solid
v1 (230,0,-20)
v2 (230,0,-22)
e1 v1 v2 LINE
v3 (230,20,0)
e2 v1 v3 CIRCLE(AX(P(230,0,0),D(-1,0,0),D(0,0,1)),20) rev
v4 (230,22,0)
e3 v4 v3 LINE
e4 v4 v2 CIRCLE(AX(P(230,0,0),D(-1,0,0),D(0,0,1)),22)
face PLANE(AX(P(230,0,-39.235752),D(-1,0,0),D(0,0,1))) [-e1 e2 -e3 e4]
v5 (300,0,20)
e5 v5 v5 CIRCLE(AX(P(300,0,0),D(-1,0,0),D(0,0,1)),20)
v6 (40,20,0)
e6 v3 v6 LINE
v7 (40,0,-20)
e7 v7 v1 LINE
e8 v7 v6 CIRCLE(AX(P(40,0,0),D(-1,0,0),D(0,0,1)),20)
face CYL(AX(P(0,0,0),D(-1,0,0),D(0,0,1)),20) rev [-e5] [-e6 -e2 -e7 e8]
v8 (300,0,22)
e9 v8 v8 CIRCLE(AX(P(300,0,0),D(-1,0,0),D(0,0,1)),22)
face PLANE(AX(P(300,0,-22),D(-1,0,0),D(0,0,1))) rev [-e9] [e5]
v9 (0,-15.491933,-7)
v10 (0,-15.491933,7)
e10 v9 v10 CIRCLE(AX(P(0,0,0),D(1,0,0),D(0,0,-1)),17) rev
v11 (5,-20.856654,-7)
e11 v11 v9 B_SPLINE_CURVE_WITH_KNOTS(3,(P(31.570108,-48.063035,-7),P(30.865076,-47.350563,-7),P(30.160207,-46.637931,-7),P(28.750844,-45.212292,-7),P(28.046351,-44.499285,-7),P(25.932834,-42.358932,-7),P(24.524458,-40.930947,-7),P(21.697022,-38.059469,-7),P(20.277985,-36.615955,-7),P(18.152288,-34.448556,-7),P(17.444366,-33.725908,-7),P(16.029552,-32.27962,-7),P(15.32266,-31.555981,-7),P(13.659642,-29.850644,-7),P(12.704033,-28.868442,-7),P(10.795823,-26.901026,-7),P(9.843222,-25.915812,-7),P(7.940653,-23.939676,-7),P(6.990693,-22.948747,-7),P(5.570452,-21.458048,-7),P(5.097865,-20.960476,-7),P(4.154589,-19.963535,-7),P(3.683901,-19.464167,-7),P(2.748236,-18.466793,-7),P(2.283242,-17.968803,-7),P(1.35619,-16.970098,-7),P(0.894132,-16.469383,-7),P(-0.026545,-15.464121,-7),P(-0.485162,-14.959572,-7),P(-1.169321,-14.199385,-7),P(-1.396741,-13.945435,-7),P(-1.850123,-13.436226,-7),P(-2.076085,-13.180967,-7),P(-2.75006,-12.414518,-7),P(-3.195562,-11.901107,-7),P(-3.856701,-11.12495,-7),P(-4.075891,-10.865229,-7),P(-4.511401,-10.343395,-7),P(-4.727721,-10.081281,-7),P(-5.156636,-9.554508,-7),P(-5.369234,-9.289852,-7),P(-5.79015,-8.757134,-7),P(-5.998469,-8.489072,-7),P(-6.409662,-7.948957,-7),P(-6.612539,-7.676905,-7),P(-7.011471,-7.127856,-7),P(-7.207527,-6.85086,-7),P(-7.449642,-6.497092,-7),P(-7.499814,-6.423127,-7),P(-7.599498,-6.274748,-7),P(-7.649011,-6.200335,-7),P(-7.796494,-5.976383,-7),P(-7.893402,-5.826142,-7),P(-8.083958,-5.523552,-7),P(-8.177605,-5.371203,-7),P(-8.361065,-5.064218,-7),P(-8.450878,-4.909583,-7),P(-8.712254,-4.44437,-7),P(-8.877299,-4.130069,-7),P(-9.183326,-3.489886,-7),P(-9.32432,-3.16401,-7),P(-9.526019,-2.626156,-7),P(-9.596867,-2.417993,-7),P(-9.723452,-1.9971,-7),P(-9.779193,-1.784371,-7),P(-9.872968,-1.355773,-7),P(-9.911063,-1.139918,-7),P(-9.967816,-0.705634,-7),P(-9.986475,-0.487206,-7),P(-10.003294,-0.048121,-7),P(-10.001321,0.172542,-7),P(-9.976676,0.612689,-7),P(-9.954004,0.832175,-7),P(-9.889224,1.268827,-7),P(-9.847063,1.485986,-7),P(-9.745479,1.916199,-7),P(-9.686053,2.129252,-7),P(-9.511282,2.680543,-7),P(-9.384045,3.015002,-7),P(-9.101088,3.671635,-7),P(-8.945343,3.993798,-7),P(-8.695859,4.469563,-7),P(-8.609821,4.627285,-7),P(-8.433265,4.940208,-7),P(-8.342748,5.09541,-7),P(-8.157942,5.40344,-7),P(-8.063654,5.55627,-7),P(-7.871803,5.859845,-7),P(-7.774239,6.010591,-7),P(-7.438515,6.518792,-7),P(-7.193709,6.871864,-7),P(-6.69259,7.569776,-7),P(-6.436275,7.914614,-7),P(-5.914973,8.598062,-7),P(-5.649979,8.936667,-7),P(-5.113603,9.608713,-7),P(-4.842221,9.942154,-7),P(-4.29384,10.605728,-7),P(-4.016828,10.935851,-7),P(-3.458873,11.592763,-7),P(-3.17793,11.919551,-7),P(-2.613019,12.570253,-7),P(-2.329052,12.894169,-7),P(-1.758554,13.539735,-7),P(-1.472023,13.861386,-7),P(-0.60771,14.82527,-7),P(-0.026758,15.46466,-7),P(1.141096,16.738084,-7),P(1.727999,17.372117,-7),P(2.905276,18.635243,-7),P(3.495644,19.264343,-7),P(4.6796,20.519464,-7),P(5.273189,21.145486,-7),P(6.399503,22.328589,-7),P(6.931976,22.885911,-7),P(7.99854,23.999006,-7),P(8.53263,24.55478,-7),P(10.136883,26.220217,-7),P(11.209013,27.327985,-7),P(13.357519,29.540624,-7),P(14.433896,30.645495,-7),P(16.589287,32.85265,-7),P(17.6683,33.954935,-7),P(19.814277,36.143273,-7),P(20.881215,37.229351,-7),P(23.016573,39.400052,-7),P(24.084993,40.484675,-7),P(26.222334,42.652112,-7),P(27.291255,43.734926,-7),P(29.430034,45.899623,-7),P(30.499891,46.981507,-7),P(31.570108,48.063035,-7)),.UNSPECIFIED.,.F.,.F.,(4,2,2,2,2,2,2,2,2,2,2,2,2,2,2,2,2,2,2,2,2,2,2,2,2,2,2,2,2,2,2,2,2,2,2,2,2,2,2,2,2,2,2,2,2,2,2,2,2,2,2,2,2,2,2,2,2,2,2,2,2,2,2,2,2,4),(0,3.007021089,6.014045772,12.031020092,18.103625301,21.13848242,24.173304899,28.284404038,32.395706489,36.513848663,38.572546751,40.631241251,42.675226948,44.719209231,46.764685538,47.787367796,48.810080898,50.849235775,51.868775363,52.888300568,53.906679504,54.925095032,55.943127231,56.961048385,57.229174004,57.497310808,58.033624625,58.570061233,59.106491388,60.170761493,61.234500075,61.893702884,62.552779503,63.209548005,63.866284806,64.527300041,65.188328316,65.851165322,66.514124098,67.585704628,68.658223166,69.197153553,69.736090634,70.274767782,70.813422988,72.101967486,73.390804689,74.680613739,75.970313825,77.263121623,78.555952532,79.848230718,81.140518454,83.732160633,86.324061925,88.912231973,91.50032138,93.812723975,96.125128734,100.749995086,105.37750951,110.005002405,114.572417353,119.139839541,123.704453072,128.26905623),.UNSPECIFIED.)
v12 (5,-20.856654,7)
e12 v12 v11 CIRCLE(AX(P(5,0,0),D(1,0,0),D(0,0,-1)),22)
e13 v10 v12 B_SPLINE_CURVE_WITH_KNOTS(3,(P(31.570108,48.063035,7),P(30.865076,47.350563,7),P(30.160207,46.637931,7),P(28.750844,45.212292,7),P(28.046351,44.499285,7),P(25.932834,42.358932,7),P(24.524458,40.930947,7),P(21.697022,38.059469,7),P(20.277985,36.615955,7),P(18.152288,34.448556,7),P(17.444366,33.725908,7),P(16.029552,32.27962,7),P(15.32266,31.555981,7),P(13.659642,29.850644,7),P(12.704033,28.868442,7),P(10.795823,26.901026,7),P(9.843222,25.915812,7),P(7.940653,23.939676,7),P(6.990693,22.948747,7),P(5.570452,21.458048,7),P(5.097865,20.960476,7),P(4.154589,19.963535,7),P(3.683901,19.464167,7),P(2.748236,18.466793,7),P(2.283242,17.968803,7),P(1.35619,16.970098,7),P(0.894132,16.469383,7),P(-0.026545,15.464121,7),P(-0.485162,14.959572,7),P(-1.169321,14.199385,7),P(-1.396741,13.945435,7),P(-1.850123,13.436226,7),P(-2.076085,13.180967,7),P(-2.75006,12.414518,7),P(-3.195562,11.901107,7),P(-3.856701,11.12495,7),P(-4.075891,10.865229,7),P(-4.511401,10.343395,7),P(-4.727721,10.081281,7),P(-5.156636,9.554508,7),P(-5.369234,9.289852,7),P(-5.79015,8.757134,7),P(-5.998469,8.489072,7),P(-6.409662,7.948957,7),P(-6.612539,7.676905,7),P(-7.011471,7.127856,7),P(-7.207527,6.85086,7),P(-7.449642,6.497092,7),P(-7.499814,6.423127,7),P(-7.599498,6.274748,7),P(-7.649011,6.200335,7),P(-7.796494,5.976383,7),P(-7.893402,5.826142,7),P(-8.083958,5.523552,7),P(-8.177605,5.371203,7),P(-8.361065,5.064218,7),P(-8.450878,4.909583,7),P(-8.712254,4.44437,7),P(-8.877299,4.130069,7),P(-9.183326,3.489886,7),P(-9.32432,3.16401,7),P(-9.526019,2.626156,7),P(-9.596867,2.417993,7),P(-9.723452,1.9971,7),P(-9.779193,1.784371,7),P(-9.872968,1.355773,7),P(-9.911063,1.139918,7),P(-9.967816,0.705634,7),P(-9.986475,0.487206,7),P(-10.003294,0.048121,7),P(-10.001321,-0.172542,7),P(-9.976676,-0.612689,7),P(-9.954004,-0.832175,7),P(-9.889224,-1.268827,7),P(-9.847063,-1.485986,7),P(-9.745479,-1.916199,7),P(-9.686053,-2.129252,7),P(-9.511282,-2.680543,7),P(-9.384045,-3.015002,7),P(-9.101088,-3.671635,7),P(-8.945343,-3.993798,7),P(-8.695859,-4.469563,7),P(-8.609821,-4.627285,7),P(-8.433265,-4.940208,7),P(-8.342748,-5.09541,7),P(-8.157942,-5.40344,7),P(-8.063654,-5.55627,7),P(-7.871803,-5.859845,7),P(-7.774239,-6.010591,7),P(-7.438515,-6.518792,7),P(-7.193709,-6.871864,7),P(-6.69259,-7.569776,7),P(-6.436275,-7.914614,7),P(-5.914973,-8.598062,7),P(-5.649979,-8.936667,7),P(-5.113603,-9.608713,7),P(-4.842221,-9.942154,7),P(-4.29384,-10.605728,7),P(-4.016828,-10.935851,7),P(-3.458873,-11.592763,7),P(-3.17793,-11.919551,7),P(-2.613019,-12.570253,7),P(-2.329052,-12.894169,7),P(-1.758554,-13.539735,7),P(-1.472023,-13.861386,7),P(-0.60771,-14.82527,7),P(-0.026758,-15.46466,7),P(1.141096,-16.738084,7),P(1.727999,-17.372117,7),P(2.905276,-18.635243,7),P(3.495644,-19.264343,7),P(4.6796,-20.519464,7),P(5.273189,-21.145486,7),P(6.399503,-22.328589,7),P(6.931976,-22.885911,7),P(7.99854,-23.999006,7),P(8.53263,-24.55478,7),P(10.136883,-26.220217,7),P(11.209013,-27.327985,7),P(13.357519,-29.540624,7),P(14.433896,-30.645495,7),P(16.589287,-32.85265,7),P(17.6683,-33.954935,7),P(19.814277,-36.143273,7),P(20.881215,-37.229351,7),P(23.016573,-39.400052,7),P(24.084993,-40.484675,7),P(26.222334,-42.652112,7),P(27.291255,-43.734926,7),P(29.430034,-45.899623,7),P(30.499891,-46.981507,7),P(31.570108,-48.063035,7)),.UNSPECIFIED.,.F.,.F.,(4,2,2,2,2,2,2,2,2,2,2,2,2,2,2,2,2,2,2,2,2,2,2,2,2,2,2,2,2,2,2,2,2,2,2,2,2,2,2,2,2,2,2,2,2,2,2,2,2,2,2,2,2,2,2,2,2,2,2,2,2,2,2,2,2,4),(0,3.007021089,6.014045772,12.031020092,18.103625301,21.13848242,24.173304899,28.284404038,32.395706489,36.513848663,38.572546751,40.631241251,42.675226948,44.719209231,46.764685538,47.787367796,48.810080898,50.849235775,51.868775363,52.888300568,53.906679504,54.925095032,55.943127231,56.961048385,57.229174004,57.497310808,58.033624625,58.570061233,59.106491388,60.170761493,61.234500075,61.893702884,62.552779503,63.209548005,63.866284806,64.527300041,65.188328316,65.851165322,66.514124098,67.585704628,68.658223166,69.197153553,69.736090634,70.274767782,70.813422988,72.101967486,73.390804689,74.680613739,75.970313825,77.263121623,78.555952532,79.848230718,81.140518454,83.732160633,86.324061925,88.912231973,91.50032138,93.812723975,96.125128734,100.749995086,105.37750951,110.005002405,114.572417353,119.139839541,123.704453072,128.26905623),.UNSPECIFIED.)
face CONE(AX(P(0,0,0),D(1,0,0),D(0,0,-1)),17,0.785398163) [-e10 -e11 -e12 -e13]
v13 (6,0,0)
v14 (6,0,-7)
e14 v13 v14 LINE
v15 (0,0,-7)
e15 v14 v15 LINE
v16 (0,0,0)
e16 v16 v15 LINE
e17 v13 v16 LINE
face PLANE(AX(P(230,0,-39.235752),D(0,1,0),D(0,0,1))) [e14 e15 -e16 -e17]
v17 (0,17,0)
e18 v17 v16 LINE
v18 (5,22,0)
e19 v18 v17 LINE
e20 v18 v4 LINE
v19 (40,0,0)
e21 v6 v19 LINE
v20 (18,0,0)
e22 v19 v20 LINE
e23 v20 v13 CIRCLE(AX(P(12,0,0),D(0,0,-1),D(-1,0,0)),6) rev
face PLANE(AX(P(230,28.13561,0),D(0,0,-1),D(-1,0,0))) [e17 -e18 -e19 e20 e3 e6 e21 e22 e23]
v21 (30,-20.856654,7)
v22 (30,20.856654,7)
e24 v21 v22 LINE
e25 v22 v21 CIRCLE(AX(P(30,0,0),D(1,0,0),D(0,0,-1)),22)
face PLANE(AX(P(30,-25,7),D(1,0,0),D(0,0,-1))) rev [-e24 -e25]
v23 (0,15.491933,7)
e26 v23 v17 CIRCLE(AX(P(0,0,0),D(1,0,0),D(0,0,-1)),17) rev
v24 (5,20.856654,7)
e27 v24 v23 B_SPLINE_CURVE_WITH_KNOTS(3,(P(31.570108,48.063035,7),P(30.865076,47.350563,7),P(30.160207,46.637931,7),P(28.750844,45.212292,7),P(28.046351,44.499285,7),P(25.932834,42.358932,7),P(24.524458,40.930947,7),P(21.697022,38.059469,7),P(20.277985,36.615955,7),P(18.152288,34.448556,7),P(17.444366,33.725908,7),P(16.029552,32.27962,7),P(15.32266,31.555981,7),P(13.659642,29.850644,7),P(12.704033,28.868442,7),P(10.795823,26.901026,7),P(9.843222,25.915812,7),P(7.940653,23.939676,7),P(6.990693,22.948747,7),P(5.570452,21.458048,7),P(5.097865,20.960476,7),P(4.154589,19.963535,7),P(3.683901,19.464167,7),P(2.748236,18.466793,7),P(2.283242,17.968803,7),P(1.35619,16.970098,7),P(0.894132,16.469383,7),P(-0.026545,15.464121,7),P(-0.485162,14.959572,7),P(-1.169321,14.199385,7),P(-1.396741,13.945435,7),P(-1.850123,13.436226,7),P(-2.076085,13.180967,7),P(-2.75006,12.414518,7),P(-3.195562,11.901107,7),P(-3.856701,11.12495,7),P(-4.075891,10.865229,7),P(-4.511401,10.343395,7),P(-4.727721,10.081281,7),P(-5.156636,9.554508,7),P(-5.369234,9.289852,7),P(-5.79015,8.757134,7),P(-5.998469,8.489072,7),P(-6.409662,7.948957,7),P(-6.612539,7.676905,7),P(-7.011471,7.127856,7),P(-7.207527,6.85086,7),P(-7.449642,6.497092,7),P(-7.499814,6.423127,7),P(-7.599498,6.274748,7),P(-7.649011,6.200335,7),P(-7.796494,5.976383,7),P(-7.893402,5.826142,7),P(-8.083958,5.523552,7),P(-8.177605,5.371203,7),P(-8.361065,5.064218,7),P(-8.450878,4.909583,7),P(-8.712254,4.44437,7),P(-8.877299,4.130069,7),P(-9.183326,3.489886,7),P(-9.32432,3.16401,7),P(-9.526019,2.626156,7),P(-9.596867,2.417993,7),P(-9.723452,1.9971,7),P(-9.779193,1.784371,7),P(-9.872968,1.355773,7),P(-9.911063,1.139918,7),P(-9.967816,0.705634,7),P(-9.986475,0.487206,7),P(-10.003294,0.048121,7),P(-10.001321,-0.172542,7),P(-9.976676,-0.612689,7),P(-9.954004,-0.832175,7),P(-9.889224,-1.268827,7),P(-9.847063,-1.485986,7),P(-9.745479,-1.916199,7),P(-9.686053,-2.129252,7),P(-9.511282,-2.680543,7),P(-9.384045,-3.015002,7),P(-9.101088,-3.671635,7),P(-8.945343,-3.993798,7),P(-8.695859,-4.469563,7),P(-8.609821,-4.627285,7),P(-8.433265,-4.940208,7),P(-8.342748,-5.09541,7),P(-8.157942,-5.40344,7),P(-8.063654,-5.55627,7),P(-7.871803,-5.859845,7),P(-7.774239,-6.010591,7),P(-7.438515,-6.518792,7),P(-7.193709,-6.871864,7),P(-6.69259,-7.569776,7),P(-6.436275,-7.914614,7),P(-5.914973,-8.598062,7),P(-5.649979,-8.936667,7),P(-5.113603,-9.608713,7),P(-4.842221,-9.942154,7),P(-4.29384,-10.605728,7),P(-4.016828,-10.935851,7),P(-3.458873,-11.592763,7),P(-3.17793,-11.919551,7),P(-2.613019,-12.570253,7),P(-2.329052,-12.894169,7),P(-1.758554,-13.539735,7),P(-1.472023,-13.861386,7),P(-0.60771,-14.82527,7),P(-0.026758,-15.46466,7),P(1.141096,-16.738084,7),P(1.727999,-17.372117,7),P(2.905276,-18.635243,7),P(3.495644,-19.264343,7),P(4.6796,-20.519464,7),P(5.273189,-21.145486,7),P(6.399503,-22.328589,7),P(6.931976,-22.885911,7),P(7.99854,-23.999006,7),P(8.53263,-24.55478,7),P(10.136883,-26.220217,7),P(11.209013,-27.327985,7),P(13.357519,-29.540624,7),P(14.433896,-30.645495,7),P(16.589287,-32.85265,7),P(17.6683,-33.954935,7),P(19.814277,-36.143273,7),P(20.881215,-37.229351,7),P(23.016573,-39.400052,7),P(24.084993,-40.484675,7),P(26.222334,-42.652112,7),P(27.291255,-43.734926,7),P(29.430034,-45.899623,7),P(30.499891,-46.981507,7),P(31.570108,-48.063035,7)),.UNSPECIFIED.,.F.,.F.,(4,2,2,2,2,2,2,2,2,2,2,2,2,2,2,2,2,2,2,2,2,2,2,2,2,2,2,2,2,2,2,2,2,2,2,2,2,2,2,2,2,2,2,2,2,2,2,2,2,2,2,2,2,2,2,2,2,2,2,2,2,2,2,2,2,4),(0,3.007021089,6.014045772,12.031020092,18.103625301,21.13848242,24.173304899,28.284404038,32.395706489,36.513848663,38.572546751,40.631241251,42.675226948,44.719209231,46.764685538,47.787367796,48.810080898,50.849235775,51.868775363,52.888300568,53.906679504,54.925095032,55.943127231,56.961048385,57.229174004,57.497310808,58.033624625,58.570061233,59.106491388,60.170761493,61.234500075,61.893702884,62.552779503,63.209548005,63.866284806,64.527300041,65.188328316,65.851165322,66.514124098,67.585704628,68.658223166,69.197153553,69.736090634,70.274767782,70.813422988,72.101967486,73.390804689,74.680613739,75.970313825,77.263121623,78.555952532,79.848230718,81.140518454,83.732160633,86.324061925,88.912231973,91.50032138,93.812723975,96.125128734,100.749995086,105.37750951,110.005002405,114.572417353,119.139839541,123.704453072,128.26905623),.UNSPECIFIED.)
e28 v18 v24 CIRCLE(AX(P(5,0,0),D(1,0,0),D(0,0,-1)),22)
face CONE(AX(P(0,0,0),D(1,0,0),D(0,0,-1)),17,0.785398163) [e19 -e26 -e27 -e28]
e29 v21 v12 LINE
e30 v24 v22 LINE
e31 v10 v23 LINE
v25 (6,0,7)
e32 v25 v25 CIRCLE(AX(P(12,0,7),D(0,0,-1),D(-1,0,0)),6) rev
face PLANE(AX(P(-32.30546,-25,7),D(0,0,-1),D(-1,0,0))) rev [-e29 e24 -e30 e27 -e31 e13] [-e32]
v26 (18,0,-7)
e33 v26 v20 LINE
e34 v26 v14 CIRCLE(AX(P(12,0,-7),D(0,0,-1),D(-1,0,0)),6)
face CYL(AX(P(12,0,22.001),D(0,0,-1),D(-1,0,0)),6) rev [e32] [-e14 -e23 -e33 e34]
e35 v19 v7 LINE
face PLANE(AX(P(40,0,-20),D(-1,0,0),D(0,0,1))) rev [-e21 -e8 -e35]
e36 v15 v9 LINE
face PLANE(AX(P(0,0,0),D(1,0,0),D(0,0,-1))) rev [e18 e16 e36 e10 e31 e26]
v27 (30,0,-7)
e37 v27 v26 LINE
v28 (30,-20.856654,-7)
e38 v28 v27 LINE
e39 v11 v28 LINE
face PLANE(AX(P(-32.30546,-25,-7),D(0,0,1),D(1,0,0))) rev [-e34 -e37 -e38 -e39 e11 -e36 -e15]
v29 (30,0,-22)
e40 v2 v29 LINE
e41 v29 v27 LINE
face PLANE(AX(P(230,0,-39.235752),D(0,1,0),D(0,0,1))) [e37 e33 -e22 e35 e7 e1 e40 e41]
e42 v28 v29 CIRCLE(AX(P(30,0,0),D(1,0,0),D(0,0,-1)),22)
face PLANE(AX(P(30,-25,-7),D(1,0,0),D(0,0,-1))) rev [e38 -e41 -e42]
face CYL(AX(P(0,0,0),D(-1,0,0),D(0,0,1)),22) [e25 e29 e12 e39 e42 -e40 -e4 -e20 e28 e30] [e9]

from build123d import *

# Parameters (mm, degrees)
CHANFREIN1_SIZE         = 5
ESQUISSE2_W             = 62.305459945
ESQUISSE2_H             = 30.289532294
ENL_V_MAT_EXTRU_1_DEPTH = 25
ENL_V_MAT_EXTRU_2_REACH = 304.2
ESQUISSE3_R             = 6
ESQUISSE4_W             = 39.235751697
ESQUISSE4_H             = 28.135609998
ENL_V_MAT_EXTRU_3_DEPTH = 230


with BuildPart() as part:
    # Esquisse1 → Révolution1 (revolve)
    with BuildSketch(Plane(origin=(0, 0, 0), x_dir=(1, 0, 0), z_dir=(0, 1, 0)), mode=Mode.PRIVATE) as r_volution1_sk:
        Polygon((0, 0), (0, 22), (300, 22), (300, 20), (40, 20), (40, 0), align=None)
    revolve(r_volution1_sk.sketch.rotate(Axis((0, 0, 0), (1, 0, 0)), 180), axis=Axis((0, 0, 0), (1, 0, 0)))

    # Chanfrein1
    chanfrein1_edges = [part.edges().sort_by_distance(p)[0] for p in [
        (0, 0, -22),
    ]]
    chamfer(chanfrein1_edges, length=CHANFREIN1_SIZE)

    # Esquisse2 → Enlèv. mat.-Extru.1 (cut, symmetric)
    with BuildSketch(Plane(origin=(0, 0, 0), x_dir=(1, 0, 0), z_dir=(0, 1, 0))):
        with Locations((-1.152729972, 22.144766147)):
            Rectangle(ESQUISSE2_W, ESQUISSE2_H)
        with Locations((-1.152729972, -22.144766147)):
            Rectangle(ESQUISSE2_W, ESQUISSE2_H)
    extrude(amount=ENL_V_MAT_EXTRU_1_DEPTH, both=True, mode=Mode.SUBTRACT)

    # Esquisse3 → Enlèv. mat.-Extru.2 (cut, up to next)
    with BuildSketch(Plane(origin=(0, 0, -7), x_dir=(-1, 0, 0), z_dir=(0, 0, -1)), mode=Mode.PRIVATE) as enl_v_mat_extru_2_sk1:
        with Locations((-12, 0)):
            Circle(ESQUISSE3_R)
    enl_v_mat_extru_2_tool1 = extrude(enl_v_mat_extru_2_sk1.sketch, amount=-ENL_V_MAT_EXTRU_2_REACH, mode=Mode.PRIVATE) & part.part
    add(enl_v_mat_extru_2_tool1.solids().sort_by_distance((12, 0, -7))[0], mode=Mode.SUBTRACT)

    # Esquisse4 → Enlèv. mat.-Extru.3 (cut)
    with BuildSketch(Plane(origin=(0, 0, 0), x_dir=(0, 0, -1), z_dir=(1, 0, 0))):
        with Locations((19.617875849, 14.067804999)):
            Rectangle(ESQUISSE4_W, ESQUISSE4_H)
    extrude(amount=ENL_V_MAT_EXTRU_3_DEPTH, mode=Mode.SUBTRACT)


solid = part.part
